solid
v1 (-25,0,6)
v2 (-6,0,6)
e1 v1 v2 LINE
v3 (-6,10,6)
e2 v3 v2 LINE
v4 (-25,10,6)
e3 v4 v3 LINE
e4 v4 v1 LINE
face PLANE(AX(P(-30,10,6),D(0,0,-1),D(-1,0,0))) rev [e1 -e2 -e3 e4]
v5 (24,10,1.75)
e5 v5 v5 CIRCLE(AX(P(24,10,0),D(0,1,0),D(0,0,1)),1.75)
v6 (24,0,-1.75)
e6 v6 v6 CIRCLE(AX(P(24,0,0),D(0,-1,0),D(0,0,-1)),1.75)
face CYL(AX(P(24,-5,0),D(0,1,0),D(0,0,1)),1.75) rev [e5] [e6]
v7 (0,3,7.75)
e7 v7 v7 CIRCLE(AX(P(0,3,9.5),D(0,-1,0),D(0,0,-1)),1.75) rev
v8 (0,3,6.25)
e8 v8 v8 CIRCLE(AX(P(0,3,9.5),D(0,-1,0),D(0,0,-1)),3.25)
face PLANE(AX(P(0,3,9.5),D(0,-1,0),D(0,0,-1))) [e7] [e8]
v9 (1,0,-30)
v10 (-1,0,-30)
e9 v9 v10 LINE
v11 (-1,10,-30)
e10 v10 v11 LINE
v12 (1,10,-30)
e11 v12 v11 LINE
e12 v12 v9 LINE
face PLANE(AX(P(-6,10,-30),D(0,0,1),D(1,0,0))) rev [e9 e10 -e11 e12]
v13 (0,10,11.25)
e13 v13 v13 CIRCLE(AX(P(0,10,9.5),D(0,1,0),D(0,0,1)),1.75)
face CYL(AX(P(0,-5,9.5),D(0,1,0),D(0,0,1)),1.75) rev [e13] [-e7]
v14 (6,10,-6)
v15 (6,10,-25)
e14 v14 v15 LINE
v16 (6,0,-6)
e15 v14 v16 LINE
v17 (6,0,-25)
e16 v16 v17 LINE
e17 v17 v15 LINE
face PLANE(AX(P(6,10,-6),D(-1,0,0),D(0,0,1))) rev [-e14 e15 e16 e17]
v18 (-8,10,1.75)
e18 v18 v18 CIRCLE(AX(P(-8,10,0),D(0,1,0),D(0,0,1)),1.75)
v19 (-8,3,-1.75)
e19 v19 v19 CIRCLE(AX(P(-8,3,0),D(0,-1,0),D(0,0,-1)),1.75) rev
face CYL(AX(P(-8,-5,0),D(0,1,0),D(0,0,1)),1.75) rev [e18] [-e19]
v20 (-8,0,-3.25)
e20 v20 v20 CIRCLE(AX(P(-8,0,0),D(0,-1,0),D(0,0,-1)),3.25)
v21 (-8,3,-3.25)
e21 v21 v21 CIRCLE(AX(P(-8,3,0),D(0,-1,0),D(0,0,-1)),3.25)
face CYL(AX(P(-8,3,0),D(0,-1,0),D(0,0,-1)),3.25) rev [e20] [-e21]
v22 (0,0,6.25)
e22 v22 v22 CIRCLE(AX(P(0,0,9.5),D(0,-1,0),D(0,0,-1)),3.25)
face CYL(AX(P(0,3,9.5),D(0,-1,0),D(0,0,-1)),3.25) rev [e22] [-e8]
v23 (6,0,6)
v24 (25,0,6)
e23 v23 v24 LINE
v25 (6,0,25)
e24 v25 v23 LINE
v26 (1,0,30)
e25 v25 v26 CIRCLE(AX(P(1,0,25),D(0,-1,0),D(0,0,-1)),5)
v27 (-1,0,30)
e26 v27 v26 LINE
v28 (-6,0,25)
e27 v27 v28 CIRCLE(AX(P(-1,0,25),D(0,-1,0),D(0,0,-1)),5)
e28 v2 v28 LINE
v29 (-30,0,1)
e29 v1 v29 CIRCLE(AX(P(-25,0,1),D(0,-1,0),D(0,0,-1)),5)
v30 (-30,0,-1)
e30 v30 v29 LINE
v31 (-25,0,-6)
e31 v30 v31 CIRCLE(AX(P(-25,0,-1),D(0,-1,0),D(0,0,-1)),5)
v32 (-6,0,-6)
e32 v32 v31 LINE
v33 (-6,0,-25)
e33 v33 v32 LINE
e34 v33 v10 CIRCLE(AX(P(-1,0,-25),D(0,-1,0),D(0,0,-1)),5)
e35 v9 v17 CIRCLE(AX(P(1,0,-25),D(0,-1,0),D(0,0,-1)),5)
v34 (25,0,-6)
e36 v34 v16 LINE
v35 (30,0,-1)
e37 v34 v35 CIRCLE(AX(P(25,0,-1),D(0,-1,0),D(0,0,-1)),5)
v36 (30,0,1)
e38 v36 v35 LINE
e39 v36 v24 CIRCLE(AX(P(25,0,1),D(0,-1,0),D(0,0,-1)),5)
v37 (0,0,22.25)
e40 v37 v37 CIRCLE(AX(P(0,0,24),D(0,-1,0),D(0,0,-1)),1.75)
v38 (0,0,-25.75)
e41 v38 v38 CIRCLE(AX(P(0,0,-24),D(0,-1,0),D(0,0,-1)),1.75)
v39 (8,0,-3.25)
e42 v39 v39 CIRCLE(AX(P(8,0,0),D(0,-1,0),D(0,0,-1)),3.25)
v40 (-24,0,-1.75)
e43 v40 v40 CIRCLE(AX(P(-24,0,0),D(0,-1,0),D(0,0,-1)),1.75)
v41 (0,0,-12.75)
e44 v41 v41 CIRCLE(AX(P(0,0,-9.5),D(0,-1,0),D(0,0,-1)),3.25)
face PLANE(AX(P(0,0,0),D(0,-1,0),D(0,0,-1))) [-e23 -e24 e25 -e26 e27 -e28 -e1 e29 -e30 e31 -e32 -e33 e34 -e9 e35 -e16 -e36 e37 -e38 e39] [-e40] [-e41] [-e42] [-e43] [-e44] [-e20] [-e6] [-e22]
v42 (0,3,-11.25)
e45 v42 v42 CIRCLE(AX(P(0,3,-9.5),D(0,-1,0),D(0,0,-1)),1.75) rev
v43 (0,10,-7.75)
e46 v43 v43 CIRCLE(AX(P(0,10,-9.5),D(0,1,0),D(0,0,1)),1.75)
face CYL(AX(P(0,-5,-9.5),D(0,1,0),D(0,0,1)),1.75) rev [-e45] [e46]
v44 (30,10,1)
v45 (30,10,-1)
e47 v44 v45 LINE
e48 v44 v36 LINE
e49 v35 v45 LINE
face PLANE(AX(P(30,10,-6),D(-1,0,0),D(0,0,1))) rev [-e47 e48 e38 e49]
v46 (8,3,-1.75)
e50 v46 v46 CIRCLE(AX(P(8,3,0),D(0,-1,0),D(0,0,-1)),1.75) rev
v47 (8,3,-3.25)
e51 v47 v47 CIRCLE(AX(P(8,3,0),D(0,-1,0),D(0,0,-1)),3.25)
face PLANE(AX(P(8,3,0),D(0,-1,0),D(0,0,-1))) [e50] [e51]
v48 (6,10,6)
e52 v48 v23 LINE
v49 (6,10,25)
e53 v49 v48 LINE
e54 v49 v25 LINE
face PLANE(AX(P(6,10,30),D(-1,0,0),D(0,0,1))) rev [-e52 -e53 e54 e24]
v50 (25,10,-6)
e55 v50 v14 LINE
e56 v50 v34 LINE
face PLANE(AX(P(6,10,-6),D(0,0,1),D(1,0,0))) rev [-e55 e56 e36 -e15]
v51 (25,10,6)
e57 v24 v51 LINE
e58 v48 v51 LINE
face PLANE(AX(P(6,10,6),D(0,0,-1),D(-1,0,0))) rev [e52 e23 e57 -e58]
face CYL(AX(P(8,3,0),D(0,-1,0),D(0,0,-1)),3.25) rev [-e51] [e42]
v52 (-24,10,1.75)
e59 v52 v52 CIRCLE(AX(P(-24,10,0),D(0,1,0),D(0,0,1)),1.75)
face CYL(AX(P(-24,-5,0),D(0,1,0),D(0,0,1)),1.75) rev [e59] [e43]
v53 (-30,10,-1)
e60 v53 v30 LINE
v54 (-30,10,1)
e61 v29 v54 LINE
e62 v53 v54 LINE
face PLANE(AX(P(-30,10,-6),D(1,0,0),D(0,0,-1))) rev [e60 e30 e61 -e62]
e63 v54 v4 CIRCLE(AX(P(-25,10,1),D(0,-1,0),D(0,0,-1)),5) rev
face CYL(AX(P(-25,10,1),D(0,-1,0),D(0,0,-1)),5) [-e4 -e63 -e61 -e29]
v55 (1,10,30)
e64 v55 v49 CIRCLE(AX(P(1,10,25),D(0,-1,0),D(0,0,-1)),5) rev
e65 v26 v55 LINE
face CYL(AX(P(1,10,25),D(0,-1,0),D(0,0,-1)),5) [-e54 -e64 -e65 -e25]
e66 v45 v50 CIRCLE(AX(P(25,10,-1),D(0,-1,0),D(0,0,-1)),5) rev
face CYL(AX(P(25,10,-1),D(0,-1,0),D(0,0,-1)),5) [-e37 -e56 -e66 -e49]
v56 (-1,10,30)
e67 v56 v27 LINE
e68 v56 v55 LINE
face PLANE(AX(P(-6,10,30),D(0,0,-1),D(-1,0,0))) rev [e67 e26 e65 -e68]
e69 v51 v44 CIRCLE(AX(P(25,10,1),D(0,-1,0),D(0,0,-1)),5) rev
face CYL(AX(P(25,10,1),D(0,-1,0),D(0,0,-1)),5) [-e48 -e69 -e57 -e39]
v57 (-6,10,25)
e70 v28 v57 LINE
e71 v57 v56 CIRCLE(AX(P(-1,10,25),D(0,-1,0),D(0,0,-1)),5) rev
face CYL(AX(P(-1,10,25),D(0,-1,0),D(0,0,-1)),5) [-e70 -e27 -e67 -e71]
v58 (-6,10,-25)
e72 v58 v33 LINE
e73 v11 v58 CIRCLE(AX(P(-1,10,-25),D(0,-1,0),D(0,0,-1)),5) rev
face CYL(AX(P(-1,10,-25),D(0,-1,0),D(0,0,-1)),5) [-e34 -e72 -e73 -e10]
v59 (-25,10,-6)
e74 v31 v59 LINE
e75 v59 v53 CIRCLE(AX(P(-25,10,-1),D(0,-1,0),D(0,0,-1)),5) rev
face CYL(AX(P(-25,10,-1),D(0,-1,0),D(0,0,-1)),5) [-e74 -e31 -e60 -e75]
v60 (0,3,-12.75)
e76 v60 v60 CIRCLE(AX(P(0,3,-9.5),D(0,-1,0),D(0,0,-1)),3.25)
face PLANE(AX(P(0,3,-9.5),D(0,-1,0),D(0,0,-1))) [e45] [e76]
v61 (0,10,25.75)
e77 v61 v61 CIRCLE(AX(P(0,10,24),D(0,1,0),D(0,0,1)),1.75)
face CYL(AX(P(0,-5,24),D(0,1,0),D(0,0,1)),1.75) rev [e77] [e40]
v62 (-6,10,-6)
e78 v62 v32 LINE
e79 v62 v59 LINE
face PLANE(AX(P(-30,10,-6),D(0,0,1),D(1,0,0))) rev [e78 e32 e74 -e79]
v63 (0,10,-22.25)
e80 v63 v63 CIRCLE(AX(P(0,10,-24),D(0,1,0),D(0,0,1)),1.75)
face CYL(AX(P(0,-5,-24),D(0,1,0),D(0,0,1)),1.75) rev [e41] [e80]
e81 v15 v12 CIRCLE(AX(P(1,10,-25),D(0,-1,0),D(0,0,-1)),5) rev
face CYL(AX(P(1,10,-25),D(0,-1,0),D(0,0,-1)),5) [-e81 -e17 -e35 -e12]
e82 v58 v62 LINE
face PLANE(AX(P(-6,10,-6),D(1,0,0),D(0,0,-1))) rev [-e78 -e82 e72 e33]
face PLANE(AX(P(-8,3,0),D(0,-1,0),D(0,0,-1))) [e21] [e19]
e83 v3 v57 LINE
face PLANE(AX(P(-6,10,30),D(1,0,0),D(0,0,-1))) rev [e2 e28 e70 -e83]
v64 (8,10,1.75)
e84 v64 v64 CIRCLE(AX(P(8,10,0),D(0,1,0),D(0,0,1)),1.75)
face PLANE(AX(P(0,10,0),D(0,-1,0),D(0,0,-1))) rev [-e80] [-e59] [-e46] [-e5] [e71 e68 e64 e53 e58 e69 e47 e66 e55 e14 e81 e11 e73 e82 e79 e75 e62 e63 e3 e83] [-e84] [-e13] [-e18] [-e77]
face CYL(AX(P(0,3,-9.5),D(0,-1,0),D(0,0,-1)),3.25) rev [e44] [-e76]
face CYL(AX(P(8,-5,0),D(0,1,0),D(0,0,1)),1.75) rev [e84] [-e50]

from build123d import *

# Parameters (mm, degrees)
BOSS_EXTRUDE1_DEPTH = 10
FILLET1_R           = 5
SKETCH2_R           = 1.75
CUT_EXTRUDE1_DEPTH  = 15
SKETCH3_R           = 1.75
CUT_EXTRUDE2_DEPTH  = 15
SKETCH4_R           = 3.25
CUT_EXTRUDE3_DEPTH  = 3


with BuildPart() as part:
    # Sketch1 → Boss-Extrude1 (new body)
    with BuildSketch(Plane(origin=(0, 0, 0), x_dir=(1, 0, 0), z_dir=(0, 1, 0))):
        Polygon((6, 6), (30, 6), (30, -6), (6, -6), (6, -30), (-6, -30), (-6, -6), (-30, -6), (-30, 6), (-6, 6), (-6, 30), (6, 30), align=None)
    extrude(amount=BOSS_EXTRUDE1_DEPTH)

    # Fillet1
    fillet1_edges = [part.edges().sort_by_distance(p)[0] for p in [
        (30, 5, -6),
        (30, 5, 6),
        (6, 5, 30),
        (-6, 5, 30),
        (-30, 5, 6),
        (-30, 5, -6),
        (-6, 5, -30),
        (6, 5, -30),
    ]]
    fillet(fillet1_edges, radius=FILLET1_R)

    # Sketch2 → Cut-Extrude1 (cut)
    with BuildSketch(Plane(origin=(0, 10, 0), x_dir=(1, 0, 0), z_dir=(0, 1, 0))):
        with Locations(Location((-8, 0, 0), (0, 0, 270))):
            Circle(SKETCH2_R)
        with Locations(Location((8, 0, 0), (0, 0, 270))):
            Circle(SKETCH2_R)
        with Locations(Location((0, 9.5, 0), (0, 0, 270))):
            Circle(SKETCH2_R)
        with Locations(Location((0, -9.5, 0), (0, 0, 270))):
            Circle(SKETCH2_R)
    extrude(amount=-CUT_EXTRUDE1_DEPTH, mode=Mode.SUBTRACT)

    # Sketch3 → Cut-Extrude2 (cut)
    with BuildSketch(Plane(origin=(0, 10, 0), x_dir=(1, 0, 0), z_dir=(0, 1, 0))):
        with Locations(Location((0, 24, 0), (0, 0, 270))):
            Circle(SKETCH3_R)
        with Locations(Location((24, 0, 0), (0, 0, 270))):
            Circle(SKETCH3_R)
        with Locations(Location((-24, 0, 0), (0, 0, 270))):
            Circle(SKETCH3_R)
        with Locations(Location((0, -24, 0), (0, 0, 270))):
            Circle(SKETCH3_R)
    extrude(amount=-CUT_EXTRUDE2_DEPTH, mode=Mode.SUBTRACT)

    # Sketch4 → Cut-Extrude3 (cut)
    with BuildSketch(Plane.XZ):
        with Locations(Location((0, -9.5, 0), (0, 0, 270))):
            Circle(SKETCH4_R)
        with Locations(Location((-8, 0, 0), (0, 0, 270))):
            Circle(SKETCH4_R)
        with Locations(Location((8, 0, 0), (0, 0, 270))):
            Circle(SKETCH4_R)
        with Locations(Location((0, 9.5, 0), (0, 0, 270))):
            Circle(SKETCH4_R)
    extrude(amount=-CUT_EXTRUDE3_DEPTH, mode=Mode.SUBTRACT)


solid = part.part
